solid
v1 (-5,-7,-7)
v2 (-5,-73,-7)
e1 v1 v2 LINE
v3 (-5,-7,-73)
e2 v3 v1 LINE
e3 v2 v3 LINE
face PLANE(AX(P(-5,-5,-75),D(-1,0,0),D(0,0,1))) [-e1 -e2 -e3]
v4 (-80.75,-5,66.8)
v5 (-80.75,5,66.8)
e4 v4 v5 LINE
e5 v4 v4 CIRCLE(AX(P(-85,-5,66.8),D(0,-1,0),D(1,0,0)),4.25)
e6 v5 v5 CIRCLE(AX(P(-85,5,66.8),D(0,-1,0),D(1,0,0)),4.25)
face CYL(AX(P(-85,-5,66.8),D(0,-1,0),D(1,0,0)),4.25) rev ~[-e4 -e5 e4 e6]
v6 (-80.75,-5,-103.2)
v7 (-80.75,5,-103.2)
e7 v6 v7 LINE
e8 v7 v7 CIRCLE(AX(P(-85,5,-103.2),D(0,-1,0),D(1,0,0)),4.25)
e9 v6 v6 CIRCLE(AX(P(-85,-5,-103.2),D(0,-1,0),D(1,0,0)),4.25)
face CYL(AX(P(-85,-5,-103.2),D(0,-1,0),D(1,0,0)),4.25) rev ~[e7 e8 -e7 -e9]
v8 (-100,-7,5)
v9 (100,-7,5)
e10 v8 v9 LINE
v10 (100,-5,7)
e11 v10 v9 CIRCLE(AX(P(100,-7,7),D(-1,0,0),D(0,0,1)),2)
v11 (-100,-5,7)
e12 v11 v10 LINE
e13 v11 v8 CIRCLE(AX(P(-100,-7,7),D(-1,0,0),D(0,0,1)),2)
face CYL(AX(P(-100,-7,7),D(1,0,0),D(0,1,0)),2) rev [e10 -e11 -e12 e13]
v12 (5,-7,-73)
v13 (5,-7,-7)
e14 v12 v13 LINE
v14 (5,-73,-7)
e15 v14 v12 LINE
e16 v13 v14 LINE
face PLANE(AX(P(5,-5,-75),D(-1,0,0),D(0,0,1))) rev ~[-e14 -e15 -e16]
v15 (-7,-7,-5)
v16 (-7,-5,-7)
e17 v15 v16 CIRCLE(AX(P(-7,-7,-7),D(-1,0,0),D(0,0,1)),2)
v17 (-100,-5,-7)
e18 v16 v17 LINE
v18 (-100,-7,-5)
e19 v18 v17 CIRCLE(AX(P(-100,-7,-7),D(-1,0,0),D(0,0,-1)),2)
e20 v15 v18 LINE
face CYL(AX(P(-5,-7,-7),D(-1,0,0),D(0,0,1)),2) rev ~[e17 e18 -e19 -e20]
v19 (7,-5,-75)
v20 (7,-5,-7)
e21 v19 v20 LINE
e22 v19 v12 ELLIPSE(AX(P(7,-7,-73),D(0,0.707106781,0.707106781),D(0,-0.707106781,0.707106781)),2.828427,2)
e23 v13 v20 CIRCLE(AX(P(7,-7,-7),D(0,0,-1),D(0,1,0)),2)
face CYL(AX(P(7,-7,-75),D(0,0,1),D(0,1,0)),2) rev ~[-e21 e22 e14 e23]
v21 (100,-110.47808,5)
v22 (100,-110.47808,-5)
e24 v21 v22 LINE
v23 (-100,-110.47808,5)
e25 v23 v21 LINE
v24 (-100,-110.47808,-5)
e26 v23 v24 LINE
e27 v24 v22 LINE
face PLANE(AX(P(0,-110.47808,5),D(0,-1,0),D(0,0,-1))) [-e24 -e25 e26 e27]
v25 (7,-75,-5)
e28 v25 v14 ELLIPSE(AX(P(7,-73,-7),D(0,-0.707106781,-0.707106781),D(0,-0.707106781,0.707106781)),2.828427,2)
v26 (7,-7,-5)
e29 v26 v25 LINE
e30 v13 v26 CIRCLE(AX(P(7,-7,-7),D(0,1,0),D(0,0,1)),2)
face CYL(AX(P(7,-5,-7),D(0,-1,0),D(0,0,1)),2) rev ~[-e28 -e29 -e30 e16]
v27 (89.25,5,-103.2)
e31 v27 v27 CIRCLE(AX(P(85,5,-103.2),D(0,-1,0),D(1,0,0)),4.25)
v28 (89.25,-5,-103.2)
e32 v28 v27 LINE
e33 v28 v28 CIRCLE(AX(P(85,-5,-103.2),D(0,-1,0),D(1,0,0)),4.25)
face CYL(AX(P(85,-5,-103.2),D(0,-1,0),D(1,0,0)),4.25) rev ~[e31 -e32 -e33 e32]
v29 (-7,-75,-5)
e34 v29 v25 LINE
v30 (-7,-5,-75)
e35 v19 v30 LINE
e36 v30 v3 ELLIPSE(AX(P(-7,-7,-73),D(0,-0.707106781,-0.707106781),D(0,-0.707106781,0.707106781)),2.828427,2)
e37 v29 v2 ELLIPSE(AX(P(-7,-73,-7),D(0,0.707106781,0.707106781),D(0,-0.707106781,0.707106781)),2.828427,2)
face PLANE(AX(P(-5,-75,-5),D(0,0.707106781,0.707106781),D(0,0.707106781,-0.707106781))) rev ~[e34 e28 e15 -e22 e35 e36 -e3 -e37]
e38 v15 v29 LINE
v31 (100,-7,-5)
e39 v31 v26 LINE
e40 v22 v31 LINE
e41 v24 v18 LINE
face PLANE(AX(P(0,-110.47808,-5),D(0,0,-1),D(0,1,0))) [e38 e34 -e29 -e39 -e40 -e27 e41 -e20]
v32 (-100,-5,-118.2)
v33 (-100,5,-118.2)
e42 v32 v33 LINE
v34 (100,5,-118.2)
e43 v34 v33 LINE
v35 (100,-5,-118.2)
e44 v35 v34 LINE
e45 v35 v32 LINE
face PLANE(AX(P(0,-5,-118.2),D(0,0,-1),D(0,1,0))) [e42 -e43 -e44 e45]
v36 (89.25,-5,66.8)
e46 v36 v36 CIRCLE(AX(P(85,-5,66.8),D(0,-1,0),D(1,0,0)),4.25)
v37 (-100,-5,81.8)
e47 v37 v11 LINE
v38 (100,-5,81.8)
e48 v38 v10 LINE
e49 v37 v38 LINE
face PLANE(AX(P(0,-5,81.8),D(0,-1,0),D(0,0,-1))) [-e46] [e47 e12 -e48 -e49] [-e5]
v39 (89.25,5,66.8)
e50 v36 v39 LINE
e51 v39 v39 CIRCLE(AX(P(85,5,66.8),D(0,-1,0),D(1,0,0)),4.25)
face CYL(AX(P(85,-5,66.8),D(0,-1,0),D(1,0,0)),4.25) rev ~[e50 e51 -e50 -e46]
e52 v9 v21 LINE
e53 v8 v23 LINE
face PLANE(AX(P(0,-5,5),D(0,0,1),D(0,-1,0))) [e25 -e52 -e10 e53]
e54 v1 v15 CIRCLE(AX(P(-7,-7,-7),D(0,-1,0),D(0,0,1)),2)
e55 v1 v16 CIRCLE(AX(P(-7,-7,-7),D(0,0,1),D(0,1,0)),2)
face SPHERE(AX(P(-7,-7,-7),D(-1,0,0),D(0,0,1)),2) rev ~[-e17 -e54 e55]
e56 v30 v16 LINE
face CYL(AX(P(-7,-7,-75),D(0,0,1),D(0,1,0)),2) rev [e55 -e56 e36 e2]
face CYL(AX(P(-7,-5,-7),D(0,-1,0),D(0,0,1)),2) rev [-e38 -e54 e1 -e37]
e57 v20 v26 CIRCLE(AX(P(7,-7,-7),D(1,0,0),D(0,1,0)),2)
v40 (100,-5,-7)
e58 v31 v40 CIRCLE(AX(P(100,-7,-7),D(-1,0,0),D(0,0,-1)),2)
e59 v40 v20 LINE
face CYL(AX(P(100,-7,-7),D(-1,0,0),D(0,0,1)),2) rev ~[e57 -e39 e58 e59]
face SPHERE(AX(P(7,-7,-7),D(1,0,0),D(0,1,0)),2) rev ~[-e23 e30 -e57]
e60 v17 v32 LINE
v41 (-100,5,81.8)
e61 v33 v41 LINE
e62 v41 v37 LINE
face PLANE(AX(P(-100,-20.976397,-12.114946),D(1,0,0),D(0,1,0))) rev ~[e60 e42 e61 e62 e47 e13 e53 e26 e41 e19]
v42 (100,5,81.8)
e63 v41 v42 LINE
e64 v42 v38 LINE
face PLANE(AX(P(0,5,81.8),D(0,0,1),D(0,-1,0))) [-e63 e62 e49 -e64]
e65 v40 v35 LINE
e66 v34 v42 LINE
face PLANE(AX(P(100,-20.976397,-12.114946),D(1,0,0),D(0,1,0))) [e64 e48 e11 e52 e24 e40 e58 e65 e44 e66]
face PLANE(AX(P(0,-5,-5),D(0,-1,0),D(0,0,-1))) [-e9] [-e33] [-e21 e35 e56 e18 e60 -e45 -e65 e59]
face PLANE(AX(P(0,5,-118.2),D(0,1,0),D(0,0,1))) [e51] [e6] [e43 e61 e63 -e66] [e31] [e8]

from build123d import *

# Parameters (mm, degrees)
F1_DEPTH = 100
F2_W     = 10
F2_H     = 70
F3_DEPTH = 70
F5_DEPTH = 10
F6_R     = 4.25
F7_DEPTH = 10
F8_R     = 4.25
F9_DEPTH = 10
F10_R    = 2


with BuildPart() as f1:
    # F0 (on Right) → F1 (new body, symmetric)
    with BuildSketch(Plane.YZ):
        Polygon((5, -118.2), (5, 81.8), (-5, 81.8), (-5, 5), (-110.4780795566, 5), (-110.4780795566, -5), (-5, -5), (-5, -118.2), align=None)
    extrude(amount=F1_DEPTH, both=True)

    # F2 (on face) → F3 (join)
    with BuildSketch(Plane.XZ.offset(5)):
        with Locations((0, -40)):
            Rectangle(F2_W, F2_H)
    extrude(amount=F3_DEPTH)

    # F4 (on face) → F5 (cut)
    with BuildSketch(Plane(origin=(-5, 0, 0), x_dir=(0, -1, 0), z_dir=(-1, 0, 0))):
        Polygon((75, -75), (75, -5), (5, -75), align=None)
    extrude(amount=-F5_DEPTH, mode=Mode.SUBTRACT)

    # F6 (on face) → F7 (cut)
    with BuildSketch(Plane.XZ.offset(5)):
        with Locations((85, -103.2)):
            Circle(F6_R)
        with Locations((-85, -103.2)):
            Circle(F6_R)
    extrude(amount=-F7_DEPTH, mode=Mode.SUBTRACT)

    # F8 (on face) → F9 (cut)
    with BuildSketch(Plane.XZ.offset(5)):
        with Locations((-85, 66.8)):
            Circle(F8_R)
        with Locations((85, 66.8)):
            Circle(F8_R)
    extrude(amount=-F9_DEPTH, mode=Mode.SUBTRACT)

    # F10
    f10_edges = [f1.edges().sort_by_distance(p)[0] for p in [
        (-52.5, -5, -5),
        (52.5, -5, -5),
        (-5, -40, -5),
        (-5, -5, -40),
        (5, -5, -40),
        (5, -40, -5),
        (0, -5, 5),
    ]]
    fillet(f10_edges, radius=F10_R)


solid = f1.part
